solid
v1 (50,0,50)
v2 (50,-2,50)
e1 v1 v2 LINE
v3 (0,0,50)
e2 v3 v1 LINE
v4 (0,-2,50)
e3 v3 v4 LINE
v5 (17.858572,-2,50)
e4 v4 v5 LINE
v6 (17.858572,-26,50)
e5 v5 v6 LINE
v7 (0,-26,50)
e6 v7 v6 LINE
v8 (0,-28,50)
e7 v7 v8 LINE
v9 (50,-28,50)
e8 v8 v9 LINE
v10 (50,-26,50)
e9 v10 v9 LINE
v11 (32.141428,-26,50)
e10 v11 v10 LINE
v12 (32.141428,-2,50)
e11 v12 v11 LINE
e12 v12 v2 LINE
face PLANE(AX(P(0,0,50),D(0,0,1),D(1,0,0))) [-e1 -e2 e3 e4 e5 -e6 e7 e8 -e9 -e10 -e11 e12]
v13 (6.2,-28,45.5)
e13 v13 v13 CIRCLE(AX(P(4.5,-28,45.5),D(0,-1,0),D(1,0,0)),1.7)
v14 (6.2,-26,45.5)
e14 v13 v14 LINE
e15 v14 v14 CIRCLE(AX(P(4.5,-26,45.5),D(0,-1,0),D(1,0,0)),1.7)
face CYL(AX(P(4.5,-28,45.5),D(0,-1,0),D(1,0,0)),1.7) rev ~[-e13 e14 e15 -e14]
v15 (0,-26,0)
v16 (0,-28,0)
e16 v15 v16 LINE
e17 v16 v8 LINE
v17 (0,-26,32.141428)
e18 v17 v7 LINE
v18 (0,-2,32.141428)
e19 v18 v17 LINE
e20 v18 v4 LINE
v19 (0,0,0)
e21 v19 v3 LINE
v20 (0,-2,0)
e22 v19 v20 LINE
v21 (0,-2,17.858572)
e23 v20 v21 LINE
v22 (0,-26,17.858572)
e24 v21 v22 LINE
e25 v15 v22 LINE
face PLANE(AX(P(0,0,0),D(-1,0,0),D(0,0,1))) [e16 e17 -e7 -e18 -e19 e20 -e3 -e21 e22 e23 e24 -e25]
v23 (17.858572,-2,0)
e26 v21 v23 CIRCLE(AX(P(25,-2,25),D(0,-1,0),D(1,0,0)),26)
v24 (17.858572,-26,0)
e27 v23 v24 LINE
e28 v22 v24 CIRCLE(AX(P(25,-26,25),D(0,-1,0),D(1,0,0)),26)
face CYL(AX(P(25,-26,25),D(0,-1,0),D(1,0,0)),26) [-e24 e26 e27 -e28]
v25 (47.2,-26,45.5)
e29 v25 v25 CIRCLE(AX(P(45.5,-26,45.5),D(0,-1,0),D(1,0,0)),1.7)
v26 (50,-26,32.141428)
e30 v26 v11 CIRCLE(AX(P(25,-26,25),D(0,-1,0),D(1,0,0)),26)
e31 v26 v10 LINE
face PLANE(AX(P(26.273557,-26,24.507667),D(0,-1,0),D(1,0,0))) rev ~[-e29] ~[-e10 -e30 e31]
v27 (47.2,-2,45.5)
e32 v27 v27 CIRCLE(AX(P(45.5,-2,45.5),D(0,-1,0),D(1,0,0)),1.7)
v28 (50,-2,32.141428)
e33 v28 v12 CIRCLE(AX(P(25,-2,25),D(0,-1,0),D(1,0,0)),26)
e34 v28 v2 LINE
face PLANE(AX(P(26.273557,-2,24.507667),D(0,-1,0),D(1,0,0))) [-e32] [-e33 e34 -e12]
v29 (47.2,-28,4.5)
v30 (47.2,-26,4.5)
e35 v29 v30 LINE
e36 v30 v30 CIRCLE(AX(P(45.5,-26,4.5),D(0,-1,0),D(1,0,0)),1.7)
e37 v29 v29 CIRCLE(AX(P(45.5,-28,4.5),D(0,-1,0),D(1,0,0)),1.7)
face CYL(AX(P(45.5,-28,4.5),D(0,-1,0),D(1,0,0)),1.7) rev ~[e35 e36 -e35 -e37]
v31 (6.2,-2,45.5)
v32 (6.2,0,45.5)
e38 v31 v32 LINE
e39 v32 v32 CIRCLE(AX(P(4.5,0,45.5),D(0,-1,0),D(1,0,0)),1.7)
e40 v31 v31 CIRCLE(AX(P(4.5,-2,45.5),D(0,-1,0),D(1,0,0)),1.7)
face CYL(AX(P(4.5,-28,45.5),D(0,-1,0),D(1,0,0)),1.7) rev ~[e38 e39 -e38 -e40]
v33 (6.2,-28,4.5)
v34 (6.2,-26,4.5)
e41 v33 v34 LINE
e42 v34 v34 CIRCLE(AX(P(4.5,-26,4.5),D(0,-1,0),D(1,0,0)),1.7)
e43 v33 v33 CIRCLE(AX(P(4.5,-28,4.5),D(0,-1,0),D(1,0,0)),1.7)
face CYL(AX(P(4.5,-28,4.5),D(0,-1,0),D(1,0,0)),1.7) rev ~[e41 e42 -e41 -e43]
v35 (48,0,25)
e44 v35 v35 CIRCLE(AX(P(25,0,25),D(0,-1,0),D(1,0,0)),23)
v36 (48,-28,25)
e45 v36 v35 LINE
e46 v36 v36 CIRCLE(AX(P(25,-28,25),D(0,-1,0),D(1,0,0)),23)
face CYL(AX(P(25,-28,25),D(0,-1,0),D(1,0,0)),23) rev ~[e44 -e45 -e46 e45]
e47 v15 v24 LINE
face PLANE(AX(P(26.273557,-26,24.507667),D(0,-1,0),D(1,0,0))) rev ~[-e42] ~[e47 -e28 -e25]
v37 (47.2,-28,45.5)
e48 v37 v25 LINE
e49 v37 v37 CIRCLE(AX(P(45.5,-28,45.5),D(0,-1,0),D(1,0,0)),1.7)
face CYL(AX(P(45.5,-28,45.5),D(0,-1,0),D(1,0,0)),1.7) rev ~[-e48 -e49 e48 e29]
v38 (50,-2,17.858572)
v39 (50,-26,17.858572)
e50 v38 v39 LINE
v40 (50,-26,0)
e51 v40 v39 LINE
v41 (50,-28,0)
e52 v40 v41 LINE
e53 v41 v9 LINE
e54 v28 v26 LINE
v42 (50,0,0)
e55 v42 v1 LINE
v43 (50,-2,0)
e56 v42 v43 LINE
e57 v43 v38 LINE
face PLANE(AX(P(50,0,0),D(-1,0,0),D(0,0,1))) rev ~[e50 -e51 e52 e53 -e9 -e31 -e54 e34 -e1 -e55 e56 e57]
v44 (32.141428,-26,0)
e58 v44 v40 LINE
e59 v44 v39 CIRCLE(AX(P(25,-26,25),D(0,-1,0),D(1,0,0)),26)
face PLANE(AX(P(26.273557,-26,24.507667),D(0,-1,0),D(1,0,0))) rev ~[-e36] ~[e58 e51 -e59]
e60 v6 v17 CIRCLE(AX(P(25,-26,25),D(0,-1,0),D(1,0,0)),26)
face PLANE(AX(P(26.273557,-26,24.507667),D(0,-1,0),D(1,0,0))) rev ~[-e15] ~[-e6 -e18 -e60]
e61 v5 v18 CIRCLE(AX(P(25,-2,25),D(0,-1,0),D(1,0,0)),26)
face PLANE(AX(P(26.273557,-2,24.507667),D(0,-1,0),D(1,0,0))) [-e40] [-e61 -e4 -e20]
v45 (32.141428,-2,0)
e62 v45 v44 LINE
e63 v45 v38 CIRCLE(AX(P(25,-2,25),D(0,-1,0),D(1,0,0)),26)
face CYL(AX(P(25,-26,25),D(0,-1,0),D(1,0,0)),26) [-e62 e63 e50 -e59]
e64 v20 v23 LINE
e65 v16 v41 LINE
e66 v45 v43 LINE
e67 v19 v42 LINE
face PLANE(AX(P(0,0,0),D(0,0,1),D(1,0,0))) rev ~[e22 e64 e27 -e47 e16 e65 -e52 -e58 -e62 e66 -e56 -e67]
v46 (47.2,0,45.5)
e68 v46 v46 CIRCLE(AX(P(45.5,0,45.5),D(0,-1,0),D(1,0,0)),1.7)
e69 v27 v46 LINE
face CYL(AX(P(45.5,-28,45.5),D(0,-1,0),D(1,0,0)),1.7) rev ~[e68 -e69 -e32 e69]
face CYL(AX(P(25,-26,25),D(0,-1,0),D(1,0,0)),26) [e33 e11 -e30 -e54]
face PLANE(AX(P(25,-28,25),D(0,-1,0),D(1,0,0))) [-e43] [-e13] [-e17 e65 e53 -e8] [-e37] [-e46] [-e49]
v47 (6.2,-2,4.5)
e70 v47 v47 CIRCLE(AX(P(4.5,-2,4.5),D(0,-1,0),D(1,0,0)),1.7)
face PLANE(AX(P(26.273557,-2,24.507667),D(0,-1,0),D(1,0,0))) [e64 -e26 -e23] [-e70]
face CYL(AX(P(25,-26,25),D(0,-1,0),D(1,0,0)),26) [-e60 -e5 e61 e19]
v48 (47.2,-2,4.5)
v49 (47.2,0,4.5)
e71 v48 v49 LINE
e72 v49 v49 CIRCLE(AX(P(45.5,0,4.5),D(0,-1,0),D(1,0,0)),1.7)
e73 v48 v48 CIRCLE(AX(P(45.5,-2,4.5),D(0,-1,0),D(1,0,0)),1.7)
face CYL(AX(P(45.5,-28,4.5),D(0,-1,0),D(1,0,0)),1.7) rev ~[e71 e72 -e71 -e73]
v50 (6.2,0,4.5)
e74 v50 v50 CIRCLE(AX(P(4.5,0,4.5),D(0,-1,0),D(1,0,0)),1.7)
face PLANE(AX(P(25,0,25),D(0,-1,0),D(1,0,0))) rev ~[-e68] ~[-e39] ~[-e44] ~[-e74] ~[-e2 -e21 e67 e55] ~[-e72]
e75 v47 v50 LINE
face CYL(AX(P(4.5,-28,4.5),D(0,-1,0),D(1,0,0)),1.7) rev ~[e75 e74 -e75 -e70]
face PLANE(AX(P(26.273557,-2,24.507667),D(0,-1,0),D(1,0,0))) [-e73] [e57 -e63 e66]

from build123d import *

# Parameters (mm, degrees)
SKETCH_W        = 50
SKETCH_H        = 50
PAD_DEPTH       = 28
SKETCH001_R     = 23
SKETCH001_R_2   = 1.7
POCKET_DEPTH    = 40
SKETCH002_W     = 75.459096
SKETCH002_H     = 67.94658
SKETCH002_R     = 26
POCKET001_DEPTH = 24


with BuildPart() as part:
    # Sketch → Pad (new body)
    with BuildSketch(Plane.XZ):
        with Locations((25, 25)):
            Rectangle(SKETCH_W, SKETCH_H)
    extrude(amount=PAD_DEPTH)

    # Sketch001 (on Face6 of Pad) → Pocket (cut)
    with BuildSketch(Plane.XZ.offset(28)):
        with Locations((25, 25)):
            Circle(SKETCH001_R)
        with Locations((4.5, 45.5)):
            Circle(SKETCH001_R_2)
        with Locations((4.5, 4.5)):
            Circle(SKETCH001_R_2)
        with Locations((45.5, 4.5)):
            Circle(SKETCH001_R_2)
        with Locations((45.5, 45.5)):
            Circle(SKETCH001_R_2)
    extrude(amount=-POCKET_DEPTH, mode=Mode.SUBTRACT)

    # Sketch002 (on DatumPlane) → Pocket001 (cut)
    with BuildSketch(Plane.XZ.offset(26)):
        with Locations((26.273557, 24.507667)):
            Rectangle(SKETCH002_W, SKETCH002_H)
        with Locations((25, 25)):
            Circle(SKETCH002_R, mode=Mode.SUBTRACT)
    extrude(amount=-POCKET001_DEPTH, mode=Mode.SUBTRACT)


solid = part.part
